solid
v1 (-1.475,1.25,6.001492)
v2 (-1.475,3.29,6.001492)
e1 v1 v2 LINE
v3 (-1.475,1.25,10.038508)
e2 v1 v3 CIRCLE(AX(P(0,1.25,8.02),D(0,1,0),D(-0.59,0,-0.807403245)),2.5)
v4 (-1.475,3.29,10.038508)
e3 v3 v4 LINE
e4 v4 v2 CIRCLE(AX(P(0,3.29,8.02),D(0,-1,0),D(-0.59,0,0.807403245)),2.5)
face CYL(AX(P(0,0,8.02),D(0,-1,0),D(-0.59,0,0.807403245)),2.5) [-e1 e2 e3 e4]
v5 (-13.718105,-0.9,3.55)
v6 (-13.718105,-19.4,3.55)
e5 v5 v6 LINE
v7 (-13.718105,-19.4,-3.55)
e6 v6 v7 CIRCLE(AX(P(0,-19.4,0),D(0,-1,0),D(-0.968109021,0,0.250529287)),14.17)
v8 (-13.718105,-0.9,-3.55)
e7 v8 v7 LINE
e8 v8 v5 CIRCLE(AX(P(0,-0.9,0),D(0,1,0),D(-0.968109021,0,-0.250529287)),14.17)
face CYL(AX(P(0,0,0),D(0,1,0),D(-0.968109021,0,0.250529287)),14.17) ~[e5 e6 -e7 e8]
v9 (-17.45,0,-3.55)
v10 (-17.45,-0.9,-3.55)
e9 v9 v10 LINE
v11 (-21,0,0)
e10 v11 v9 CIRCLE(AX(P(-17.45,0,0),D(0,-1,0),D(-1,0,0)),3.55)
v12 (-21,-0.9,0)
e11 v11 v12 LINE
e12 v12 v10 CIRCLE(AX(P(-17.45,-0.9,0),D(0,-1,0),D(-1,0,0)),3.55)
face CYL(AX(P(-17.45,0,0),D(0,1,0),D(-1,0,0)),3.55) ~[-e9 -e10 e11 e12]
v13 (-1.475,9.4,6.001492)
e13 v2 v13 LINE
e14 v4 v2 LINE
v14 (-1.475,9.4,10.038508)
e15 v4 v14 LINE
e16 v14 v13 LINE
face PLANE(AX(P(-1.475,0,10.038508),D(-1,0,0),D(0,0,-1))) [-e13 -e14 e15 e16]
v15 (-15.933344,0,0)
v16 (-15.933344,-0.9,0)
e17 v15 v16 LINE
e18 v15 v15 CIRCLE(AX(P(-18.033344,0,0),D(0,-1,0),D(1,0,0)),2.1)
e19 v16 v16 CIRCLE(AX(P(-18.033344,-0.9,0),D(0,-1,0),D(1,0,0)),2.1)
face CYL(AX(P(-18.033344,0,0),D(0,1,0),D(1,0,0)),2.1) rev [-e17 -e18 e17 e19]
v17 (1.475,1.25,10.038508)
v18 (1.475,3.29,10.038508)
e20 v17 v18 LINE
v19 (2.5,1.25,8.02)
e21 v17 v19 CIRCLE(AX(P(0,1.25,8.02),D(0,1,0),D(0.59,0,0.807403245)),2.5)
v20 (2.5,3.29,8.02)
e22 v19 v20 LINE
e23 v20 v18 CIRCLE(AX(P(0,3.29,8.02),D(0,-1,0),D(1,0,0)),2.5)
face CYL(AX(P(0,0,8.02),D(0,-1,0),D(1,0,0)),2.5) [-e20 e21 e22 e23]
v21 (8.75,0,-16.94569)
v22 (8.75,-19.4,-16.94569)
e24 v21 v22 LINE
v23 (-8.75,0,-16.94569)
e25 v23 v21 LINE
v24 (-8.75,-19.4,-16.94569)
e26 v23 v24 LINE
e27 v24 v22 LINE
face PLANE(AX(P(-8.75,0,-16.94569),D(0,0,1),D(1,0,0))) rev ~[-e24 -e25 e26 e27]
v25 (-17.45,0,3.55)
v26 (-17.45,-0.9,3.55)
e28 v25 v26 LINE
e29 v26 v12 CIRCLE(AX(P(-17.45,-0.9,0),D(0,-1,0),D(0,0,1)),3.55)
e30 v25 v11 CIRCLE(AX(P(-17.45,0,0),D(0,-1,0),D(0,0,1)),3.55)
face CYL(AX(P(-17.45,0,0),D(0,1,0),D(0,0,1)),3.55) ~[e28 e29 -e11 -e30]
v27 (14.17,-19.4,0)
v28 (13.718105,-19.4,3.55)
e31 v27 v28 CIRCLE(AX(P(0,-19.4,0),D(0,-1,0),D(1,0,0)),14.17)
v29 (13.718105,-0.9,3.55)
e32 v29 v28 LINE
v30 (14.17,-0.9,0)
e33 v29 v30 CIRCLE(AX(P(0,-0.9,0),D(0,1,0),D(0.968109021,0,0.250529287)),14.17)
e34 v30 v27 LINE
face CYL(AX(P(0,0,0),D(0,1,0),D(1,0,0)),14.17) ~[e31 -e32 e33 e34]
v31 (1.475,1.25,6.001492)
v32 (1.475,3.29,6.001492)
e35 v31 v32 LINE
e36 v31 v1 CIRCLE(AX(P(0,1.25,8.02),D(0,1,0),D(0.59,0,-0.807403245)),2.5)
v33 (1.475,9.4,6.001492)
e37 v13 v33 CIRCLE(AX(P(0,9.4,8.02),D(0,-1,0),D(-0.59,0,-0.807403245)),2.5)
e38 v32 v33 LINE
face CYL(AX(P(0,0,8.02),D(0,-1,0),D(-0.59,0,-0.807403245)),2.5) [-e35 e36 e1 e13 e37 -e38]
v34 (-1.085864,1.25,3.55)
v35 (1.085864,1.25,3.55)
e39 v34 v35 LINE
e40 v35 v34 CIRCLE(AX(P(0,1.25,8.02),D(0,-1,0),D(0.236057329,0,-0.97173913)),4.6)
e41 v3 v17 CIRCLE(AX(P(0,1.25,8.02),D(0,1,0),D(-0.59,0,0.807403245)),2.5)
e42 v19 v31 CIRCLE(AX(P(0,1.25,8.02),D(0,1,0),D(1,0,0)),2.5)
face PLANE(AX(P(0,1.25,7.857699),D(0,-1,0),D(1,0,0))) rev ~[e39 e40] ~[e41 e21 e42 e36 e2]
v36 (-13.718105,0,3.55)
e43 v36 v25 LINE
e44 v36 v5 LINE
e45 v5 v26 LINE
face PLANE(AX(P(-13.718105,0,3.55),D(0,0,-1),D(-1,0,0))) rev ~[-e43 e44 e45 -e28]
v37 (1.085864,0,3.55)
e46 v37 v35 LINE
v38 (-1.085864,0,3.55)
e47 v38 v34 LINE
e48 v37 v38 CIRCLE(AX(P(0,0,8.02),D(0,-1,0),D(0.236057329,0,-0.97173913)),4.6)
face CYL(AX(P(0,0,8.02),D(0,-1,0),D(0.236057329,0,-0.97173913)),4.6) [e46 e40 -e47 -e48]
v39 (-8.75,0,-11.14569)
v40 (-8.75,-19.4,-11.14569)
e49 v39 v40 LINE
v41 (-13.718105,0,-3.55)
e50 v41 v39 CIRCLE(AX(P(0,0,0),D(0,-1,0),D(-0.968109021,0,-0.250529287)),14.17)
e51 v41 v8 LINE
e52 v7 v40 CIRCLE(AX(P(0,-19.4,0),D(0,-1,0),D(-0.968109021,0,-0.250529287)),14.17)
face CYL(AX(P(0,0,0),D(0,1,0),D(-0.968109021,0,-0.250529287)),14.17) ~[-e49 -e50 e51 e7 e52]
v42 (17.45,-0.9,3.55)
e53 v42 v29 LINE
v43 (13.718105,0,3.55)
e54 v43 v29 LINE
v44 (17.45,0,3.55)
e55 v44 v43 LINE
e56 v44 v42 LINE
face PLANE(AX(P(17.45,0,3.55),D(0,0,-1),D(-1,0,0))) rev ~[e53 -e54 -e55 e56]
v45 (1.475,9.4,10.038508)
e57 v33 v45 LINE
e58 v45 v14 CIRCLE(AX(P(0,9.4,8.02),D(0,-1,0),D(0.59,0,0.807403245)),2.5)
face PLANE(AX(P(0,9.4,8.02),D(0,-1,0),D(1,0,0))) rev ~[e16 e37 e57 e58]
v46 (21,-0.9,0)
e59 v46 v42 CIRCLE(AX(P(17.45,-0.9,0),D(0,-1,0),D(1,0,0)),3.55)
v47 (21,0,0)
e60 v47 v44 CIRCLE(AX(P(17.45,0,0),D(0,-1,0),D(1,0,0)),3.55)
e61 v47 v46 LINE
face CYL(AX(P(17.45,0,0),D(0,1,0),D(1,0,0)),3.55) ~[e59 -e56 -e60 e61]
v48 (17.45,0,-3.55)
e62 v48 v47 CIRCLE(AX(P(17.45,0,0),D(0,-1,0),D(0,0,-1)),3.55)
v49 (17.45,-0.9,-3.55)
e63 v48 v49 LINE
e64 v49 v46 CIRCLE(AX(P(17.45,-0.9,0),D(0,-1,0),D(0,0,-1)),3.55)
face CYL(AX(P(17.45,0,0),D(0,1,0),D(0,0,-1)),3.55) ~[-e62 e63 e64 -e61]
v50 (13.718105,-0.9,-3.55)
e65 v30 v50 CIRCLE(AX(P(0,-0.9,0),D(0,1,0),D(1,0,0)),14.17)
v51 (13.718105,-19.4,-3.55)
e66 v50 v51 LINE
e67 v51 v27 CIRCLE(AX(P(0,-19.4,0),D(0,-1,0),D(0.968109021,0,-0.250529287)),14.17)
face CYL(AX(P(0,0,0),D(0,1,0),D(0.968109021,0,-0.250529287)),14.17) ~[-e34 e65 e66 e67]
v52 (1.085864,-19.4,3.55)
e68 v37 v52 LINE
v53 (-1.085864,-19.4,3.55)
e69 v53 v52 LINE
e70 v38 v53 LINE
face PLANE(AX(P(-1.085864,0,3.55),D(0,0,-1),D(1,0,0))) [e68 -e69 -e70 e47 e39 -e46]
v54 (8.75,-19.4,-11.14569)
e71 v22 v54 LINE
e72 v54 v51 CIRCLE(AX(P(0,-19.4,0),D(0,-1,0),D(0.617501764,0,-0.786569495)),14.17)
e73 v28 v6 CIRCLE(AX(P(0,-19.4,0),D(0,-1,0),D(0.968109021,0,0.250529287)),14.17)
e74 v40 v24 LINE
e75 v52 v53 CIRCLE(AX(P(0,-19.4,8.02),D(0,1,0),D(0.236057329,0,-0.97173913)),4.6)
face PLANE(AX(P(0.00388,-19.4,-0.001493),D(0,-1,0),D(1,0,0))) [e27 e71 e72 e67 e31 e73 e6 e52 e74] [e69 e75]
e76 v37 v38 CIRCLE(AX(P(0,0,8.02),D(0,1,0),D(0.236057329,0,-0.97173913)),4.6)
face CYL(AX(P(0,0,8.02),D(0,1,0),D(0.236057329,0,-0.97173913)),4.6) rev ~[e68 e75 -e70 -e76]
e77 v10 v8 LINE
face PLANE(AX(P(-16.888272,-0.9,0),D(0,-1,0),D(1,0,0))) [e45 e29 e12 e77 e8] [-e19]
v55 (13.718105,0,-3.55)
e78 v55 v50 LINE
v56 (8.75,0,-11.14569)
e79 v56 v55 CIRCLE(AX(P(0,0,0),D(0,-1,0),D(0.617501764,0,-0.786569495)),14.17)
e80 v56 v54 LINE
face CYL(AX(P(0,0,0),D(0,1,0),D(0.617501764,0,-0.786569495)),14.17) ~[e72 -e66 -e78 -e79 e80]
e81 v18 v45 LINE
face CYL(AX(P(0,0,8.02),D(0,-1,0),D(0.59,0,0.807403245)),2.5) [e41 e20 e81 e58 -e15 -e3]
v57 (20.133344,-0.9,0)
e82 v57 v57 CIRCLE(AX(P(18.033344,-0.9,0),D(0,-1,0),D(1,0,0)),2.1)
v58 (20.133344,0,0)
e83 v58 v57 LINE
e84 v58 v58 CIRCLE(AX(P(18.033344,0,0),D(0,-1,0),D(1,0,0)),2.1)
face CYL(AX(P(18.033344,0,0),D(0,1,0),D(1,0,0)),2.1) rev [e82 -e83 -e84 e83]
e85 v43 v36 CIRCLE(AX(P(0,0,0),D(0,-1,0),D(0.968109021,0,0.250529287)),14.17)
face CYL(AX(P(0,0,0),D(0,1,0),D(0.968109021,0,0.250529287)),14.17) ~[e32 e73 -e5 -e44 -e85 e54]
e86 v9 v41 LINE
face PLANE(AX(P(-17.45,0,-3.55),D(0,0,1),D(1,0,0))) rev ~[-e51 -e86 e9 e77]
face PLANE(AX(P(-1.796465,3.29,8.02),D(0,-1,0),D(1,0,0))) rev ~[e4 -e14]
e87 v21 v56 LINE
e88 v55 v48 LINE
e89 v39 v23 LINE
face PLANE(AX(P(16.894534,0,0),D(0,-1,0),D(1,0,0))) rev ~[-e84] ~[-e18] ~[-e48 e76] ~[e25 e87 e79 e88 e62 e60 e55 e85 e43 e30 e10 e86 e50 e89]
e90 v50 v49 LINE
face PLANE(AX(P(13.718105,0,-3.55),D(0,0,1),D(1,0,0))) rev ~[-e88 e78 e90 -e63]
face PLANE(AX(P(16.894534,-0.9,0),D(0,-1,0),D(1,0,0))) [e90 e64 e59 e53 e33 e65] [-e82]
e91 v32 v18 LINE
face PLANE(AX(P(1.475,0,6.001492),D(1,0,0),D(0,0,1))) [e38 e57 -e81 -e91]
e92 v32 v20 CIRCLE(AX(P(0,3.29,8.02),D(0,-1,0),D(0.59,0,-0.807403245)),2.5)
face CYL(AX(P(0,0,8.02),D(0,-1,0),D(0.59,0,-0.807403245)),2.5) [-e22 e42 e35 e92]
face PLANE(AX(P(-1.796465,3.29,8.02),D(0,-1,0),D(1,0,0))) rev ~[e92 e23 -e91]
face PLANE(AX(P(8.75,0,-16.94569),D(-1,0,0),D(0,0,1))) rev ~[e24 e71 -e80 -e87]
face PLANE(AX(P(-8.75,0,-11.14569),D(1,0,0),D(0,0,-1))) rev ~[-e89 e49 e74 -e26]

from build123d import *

# Parameters (mm, degrees)
F1_DEPTH = 19.4
F0_R     = 2.1
F2_DEPTH = 0.9
F3_DEPTH = 1.25
F4_DEPTH = 3.29
F5_DEPTH = 9.4


with BuildPart() as f1:
    # F0 (on Front) → F1 (new body)
    with BuildSketch(Plane.XZ):
        with BuildLine():
            ThreePointArc((-13.7181048254, 3.55), (-14.17, 0), (-13.7181048254, -3.55))
            Line((-13.7181048254, -3.55), (13.7181048254, -3.55))
            ThreePointArc((13.7181048254, -3.55), (14.056572224, -1.7893231436), (14.17, 0))
            ThreePointArc((14.17, 0), (14.056572224, 1.7893231436), (13.7181048254, 3.55))
            Line((13.7181048254, 3.55), (1.0858637115, 3.55))
            ThreePointArc((1.0858637115, 3.55), (0, 3.42), (-1.0858637115, 3.55))
            Line((-1.0858637115, 3.55), (-13.7181048254, 3.55))
        make_face()
        with BuildLine():
            ThreePointArc((13.7181048254, 3.55), (0, 14.17), (-13.7181048254, 3.55))
            Line((-13.7181048254, 3.55), (-1.0858637115, 3.55))
            ThreePointArc((-1.0858637115, 3.55), (-2.842976163, 11.6362807602), (4.6, 8.02))
            ThreePointArc((4.6, 8.02), (3.6162807602, 5.177023837), (1.0858637115, 3.55))
            Line((1.0858637115, 3.55), (13.7181048254, 3.55))
        make_face()
        with BuildLine():
            ThreePointArc((-13.7181048254, -3.55), (-11.8586491349, -7.7563741977), (-8.75, -11.1456897499))
            Line((-8.75, -11.1456897499), (8.75, -11.1456897499))
            ThreePointArc((8.75, -11.1456897499), (11.8586491349, -7.7563741977), (13.7181048254, -3.55))
            Line((13.7181048254, -3.55), (-13.7181048254, -3.55))
        make_face()
        with BuildLine():
            ThreePointArc((8.75, -11.1456897499), (0, -14.17), (-8.75, -11.1456897499))
            Line((-8.75, -11.1456897499), (-8.75, -16.9456897499))
            Line((-8.75, -16.9456897499), (8.75, -16.9456897499))
            Line((8.75, -16.9456897499), (8.75, -11.1456897499))
        make_face()
        with BuildLine():
            Line((8.75, -11.1456897499), (-8.75, -11.1456897499))
            ThreePointArc((-8.75, -11.1456897499), (0, -14.17), (8.75, -11.1456897499))
        make_face()
        with BuildLine():
            ThreePointArc((4.6, 8.02), (-2.842976163, 11.6362807602), (-1.0858637115, 3.55))
            Line((-1.0858637115, 3.55), (1.0858637115, 3.55))
            ThreePointArc((1.0858637115, 3.55), (3.6162807602, 5.177023837), (4.6, 8.02))
        make_face()
        with BuildLine():
            ThreePointArc((1.475, 10.0385081124), (2.2290693125, 9.1519231423), (2.5, 8.02))
            ThreePointArc((2.5, 8.02), (2.2290693125, 6.8880768577), (1.475, 6.0014918876))
            ThreePointArc((1.475, 6.0014918876), (0, 5.52), (-1.475, 6.0014918876))
            ThreePointArc((-1.475, 6.0014918876), (-2.5, 8.02), (-1.475, 10.0385081124))
            ThreePointArc((-1.475, 10.0385081124), (0, 10.52), (1.475, 10.0385081124))
        make_face(mode=Mode.SUBTRACT)
        with BuildLine():
            Line((1.475, 6.0014918876), (1.475, 10.0385081124))
            ThreePointArc((1.475, 10.0385081124), (0, 10.52), (-1.475, 10.0385081124))
            Line((-1.475, 10.0385081124), (-1.475, 6.0014918876))
            ThreePointArc((-1.475, 6.0014918876), (0, 5.52), (1.475, 6.0014918876))
        make_face()
        with BuildLine():
            ThreePointArc((1.475, 6.0014918876), (2.2290693125, 6.8880768577), (2.5, 8.02))
            ThreePointArc((2.5, 8.02), (2.2290693125, 9.1519231423), (1.475, 10.0385081124))
            Line((1.475, 10.0385081124), (1.475, 6.0014918876))
        make_face()
        with BuildLine():
            Line((-1.475, 6.0014918876), (-1.475, 10.0385081124))
            ThreePointArc((-1.475, 10.0385081124), (-2.5, 8.02), (-1.475, 6.0014918876))
        make_face()
    extrude(amount=F1_DEPTH)

    # F0 (on Front) → F2 (join)
    with BuildSketch(Plane.XZ):
        with BuildLine():
            ThreePointArc((14.17, 0), (14.056572224, -1.7893231436), (13.7181048254, -3.55))
            Line((13.7181048254, -3.55), (17.45, -3.55))
            ThreePointArc((17.45, -3.55), (19.9602290732, -2.5102290732), (21, 0))
            ThreePointArc((21, 0), (19.9602290732, 2.5102290732), (17.45, 3.55))
            Line((17.45, 3.55), (13.7181048254, 3.55))
            ThreePointArc((13.7181048254, 3.55), (14.056572224, 1.7893231436), (14.17, 0))
        make_face()
        with Locations((18.0333442986, 0)):
            Circle(F0_R, mode=Mode.SUBTRACT)
        with BuildLine():
            Line((-17.45, -3.55), (-13.7181048254, -3.55))
            ThreePointArc((-13.7181048254, -3.55), (-14.17, 0), (-13.7181048254, 3.55))
            Line((-13.7181048254, 3.55), (-17.45, 3.55))
            ThreePointArc((-17.45, 3.55), (-19.9602290732, 2.5102290732), (-21, 0))
            ThreePointArc((-21, 0), (-19.9602290732, -2.5102290732), (-17.45, -3.55))
        make_face()
        with Locations((-18.0333442986, 0)):
            Circle(F0_R, mode=Mode.SUBTRACT)
    extrude(amount=F2_DEPTH)

    # F0 (on Front) → F3 (join)
    with BuildSketch(Plane.XZ):
        with BuildLine():
            ThreePointArc((4.6, 8.02), (-2.842976163, 11.6362807602), (-1.0858637115, 3.55))
            Line((-1.0858637115, 3.55), (1.0858637115, 3.55))
            ThreePointArc((1.0858637115, 3.55), (3.6162807602, 5.177023837), (4.6, 8.02))
        make_face()
        with BuildLine():
            ThreePointArc((1.475, 10.0385081124), (2.2290693125, 9.1519231423), (2.5, 8.02))
            ThreePointArc((2.5, 8.02), (2.2290693125, 6.8880768577), (1.475, 6.0014918876))
            ThreePointArc((1.475, 6.0014918876), (0, 5.52), (-1.475, 6.0014918876))
            ThreePointArc((-1.475, 6.0014918876), (-2.5, 8.02), (-1.475, 10.0385081124))
            ThreePointArc((-1.475, 10.0385081124), (0, 10.52), (1.475, 10.0385081124))
        make_face(mode=Mode.SUBTRACT)
    extrude(amount=-F3_DEPTH)

    # F0 (on Front) → F4 (join)
    with BuildSketch(Plane.XZ):
        with BuildLine():
            Line((-1.475, 6.0014918876), (-1.475, 10.0385081124))
            ThreePointArc((-1.475, 10.0385081124), (-2.5, 8.02), (-1.475, 6.0014918876))
        make_face()
        with BuildLine():
            Line((1.475, 6.0014918876), (1.475, 10.0385081124))
            ThreePointArc((1.475, 10.0385081124), (0, 10.52), (-1.475, 10.0385081124))
            Line((-1.475, 10.0385081124), (-1.475, 6.0014918876))
            ThreePointArc((-1.475, 6.0014918876), (0, 5.52), (1.475, 6.0014918876))
        make_face()
        with BuildLine():
            ThreePointArc((1.475, 6.0014918876), (2.2290693125, 6.8880768577), (2.5, 8.02))
            ThreePointArc((2.5, 8.02), (2.2290693125, 9.1519231423), (1.475, 10.0385081124))
            Line((1.475, 10.0385081124), (1.475, 6.0014918876))
        make_face()
    extrude(amount=-F4_DEPTH)

    # F0 (on Front) → F5 (join)
    with BuildSketch(Plane.XZ):
        with BuildLine():
            Line((1.475, 6.0014918876), (1.475, 10.0385081124))
            ThreePointArc((1.475, 10.0385081124), (0, 10.52), (-1.475, 10.0385081124))
            Line((-1.475, 10.0385081124), (-1.475, 6.0014918876))
            ThreePointArc((-1.475, 6.0014918876), (0, 5.52), (1.475, 6.0014918876))
        make_face()
    extrude(amount=-F5_DEPTH)


solid = f1.part
